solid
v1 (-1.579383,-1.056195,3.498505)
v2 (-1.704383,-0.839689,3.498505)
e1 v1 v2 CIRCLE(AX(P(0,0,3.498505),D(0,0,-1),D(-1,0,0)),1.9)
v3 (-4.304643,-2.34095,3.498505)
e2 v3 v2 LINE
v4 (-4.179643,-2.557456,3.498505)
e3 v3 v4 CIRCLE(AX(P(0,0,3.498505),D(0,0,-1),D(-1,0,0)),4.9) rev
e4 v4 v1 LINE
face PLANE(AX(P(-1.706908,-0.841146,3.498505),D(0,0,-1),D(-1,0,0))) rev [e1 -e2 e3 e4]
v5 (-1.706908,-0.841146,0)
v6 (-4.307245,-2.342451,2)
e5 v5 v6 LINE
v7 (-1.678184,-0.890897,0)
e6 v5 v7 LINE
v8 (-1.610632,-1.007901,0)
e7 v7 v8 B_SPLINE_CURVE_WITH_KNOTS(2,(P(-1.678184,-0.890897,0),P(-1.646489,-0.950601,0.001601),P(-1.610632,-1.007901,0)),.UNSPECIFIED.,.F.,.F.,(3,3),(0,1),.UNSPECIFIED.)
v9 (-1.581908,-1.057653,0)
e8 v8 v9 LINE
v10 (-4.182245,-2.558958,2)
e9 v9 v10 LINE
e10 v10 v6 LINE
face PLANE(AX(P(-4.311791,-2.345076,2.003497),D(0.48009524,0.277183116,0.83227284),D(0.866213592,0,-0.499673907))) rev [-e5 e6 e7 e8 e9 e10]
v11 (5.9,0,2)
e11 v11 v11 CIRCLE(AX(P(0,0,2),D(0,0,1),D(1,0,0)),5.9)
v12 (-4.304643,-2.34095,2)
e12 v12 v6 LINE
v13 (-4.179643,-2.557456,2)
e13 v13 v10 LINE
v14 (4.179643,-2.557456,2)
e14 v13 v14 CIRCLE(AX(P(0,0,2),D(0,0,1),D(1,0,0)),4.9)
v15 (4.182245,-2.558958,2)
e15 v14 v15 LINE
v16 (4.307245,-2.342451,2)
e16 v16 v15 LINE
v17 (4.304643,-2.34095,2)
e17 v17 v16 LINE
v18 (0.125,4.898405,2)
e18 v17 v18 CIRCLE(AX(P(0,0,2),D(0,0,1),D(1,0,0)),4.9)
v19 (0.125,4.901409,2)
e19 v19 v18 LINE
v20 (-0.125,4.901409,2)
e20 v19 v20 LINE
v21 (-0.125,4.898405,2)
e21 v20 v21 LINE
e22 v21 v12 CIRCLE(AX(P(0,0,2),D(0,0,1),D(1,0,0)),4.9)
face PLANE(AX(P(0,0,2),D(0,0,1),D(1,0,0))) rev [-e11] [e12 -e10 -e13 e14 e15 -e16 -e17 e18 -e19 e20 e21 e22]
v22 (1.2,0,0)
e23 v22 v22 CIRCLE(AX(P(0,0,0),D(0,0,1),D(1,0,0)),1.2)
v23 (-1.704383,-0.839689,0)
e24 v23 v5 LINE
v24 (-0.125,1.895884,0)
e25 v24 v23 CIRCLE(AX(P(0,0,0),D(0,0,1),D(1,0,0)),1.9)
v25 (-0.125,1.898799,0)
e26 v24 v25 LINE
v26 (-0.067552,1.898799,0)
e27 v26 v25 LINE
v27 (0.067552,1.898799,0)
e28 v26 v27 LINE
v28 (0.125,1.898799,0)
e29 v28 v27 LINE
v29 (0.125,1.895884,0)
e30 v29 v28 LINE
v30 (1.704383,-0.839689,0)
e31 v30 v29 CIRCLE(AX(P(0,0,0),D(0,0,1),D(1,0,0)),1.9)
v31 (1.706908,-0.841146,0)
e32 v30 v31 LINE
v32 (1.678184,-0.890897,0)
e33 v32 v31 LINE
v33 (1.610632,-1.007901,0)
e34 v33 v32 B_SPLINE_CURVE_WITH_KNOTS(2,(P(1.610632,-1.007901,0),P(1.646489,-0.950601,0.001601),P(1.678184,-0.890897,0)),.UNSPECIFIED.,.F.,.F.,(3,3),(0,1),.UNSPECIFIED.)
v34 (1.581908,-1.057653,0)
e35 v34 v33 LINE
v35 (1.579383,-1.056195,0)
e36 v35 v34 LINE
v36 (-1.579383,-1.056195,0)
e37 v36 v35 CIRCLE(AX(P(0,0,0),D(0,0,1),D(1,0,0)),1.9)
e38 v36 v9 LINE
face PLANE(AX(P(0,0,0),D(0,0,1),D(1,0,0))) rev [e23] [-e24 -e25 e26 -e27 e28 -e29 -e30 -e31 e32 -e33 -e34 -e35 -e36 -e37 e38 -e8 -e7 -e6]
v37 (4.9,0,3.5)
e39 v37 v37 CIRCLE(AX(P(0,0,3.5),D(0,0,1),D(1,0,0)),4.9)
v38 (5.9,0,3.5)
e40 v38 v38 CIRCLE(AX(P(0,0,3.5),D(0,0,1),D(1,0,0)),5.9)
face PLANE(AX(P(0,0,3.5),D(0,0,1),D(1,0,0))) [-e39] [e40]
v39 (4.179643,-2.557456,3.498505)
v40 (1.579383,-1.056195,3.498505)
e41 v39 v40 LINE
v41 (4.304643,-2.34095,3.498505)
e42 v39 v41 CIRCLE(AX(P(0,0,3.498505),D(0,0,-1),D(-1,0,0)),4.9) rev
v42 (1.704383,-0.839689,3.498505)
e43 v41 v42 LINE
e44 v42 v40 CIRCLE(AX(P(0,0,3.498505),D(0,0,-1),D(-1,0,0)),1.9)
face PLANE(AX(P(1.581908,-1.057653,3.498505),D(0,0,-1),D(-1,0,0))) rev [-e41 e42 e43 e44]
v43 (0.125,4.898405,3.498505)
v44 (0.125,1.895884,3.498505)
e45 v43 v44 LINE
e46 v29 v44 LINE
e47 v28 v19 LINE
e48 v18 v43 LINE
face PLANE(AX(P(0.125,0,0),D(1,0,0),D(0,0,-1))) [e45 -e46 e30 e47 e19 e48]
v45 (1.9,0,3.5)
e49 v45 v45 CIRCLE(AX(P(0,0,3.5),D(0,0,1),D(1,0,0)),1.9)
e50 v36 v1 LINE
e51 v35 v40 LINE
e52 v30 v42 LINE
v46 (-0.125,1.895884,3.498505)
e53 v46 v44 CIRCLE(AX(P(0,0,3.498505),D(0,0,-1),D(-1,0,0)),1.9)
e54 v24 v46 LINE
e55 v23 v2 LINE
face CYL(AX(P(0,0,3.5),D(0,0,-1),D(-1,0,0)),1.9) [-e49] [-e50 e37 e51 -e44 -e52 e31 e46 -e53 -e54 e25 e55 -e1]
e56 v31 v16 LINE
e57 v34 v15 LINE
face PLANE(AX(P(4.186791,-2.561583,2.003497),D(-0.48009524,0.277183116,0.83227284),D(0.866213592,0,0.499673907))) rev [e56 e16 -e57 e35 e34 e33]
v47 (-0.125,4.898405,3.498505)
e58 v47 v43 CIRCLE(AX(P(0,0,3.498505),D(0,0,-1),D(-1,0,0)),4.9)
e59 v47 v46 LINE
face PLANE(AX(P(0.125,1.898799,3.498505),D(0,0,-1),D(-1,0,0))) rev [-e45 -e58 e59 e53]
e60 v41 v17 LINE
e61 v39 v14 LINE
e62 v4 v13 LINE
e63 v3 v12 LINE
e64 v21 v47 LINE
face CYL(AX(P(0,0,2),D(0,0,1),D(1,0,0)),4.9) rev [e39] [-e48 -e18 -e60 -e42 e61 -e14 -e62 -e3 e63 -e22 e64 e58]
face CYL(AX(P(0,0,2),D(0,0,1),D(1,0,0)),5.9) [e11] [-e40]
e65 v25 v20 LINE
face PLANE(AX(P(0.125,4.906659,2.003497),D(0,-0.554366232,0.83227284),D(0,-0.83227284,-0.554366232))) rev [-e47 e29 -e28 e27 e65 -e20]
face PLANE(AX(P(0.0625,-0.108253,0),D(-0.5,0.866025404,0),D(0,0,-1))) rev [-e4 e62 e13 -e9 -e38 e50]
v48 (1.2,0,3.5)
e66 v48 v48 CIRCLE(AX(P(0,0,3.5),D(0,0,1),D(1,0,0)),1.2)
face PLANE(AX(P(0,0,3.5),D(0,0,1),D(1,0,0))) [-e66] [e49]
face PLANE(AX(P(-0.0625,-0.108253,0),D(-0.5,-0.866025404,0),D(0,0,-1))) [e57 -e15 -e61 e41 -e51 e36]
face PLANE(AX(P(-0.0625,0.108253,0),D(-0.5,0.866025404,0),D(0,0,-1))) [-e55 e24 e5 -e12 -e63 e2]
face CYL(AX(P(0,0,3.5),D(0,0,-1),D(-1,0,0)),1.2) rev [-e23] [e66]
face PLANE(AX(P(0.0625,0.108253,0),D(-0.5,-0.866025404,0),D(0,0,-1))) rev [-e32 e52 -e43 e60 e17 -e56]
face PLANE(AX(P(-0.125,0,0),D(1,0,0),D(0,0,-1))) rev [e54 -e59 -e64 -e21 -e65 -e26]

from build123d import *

# Parameters (mm, degrees)
SKETCH1_R           = 1.9
SKETCH1_R_2         = 1.2
BOSS_EXTRUDE1_DEPTH = 3.5
SKETCH2_R           = 5.9
SKETCH2_R_2         = 4.9
BOSS_EXTRUDE2_DEPTH = 1.5
BOSS_EXTRUDE3_DEPTH = 0.125
CIRPATTERN1_COUNT   = 3


with BuildPart() as part:
    # Sketch1 → Boss-Extrude1 (new body)
    with BuildSketch(Plane.XY):
        Circle(SKETCH1_R)
        Circle(SKETCH1_R_2, mode=Mode.SUBTRACT)
    extrude(amount=BOSS_EXTRUDE1_DEPTH)



with BuildPart() as body_2:
    # Sketch2 → Boss-Extrude2 (new body)
    with BuildSketch(Plane.XY.offset(3.5)):
        Circle(SKETCH2_R)
        Circle(SKETCH2_R_2, mode=Mode.SUBTRACT)
    extrude(amount=-BOSS_EXTRUDE2_DEPTH)


with BuildPart() as part_1:
    add(part.part)

    add(body_2.part)  # Boss-Extrude3 merges body 2
    # Sketch7 → Boss-Extrude3 (add, symmetric)
    with BuildSketch(Plane(origin=(0, 0, 0), x_dir=(0, 0, -1), z_dir=(1, 0, 0))):
        Polygon((-3.498505426, 1.898798754), (-3.498505426, 4.906659039), (-2.003497041, 4.906659039), (0, 1.898798754), (0, 1.698798754), (-3.498505426, 1.698798754), align=None)
    boss_extrude3 = extrude(amount=BOSS_EXTRUDE3_DEPTH, both=True)

    # CirPattern1: Boss-Extrude3 ×3 about axis
    cirpattern1_axis = Axis((0, 0, 3.5), (0, 0, -1))
    for i in range(1, CIRPATTERN1_COUNT):
        add(boss_extrude3.rotate(cirpattern1_axis, i * 360 / CIRPATTERN1_COUNT))


solid = part_1.part
